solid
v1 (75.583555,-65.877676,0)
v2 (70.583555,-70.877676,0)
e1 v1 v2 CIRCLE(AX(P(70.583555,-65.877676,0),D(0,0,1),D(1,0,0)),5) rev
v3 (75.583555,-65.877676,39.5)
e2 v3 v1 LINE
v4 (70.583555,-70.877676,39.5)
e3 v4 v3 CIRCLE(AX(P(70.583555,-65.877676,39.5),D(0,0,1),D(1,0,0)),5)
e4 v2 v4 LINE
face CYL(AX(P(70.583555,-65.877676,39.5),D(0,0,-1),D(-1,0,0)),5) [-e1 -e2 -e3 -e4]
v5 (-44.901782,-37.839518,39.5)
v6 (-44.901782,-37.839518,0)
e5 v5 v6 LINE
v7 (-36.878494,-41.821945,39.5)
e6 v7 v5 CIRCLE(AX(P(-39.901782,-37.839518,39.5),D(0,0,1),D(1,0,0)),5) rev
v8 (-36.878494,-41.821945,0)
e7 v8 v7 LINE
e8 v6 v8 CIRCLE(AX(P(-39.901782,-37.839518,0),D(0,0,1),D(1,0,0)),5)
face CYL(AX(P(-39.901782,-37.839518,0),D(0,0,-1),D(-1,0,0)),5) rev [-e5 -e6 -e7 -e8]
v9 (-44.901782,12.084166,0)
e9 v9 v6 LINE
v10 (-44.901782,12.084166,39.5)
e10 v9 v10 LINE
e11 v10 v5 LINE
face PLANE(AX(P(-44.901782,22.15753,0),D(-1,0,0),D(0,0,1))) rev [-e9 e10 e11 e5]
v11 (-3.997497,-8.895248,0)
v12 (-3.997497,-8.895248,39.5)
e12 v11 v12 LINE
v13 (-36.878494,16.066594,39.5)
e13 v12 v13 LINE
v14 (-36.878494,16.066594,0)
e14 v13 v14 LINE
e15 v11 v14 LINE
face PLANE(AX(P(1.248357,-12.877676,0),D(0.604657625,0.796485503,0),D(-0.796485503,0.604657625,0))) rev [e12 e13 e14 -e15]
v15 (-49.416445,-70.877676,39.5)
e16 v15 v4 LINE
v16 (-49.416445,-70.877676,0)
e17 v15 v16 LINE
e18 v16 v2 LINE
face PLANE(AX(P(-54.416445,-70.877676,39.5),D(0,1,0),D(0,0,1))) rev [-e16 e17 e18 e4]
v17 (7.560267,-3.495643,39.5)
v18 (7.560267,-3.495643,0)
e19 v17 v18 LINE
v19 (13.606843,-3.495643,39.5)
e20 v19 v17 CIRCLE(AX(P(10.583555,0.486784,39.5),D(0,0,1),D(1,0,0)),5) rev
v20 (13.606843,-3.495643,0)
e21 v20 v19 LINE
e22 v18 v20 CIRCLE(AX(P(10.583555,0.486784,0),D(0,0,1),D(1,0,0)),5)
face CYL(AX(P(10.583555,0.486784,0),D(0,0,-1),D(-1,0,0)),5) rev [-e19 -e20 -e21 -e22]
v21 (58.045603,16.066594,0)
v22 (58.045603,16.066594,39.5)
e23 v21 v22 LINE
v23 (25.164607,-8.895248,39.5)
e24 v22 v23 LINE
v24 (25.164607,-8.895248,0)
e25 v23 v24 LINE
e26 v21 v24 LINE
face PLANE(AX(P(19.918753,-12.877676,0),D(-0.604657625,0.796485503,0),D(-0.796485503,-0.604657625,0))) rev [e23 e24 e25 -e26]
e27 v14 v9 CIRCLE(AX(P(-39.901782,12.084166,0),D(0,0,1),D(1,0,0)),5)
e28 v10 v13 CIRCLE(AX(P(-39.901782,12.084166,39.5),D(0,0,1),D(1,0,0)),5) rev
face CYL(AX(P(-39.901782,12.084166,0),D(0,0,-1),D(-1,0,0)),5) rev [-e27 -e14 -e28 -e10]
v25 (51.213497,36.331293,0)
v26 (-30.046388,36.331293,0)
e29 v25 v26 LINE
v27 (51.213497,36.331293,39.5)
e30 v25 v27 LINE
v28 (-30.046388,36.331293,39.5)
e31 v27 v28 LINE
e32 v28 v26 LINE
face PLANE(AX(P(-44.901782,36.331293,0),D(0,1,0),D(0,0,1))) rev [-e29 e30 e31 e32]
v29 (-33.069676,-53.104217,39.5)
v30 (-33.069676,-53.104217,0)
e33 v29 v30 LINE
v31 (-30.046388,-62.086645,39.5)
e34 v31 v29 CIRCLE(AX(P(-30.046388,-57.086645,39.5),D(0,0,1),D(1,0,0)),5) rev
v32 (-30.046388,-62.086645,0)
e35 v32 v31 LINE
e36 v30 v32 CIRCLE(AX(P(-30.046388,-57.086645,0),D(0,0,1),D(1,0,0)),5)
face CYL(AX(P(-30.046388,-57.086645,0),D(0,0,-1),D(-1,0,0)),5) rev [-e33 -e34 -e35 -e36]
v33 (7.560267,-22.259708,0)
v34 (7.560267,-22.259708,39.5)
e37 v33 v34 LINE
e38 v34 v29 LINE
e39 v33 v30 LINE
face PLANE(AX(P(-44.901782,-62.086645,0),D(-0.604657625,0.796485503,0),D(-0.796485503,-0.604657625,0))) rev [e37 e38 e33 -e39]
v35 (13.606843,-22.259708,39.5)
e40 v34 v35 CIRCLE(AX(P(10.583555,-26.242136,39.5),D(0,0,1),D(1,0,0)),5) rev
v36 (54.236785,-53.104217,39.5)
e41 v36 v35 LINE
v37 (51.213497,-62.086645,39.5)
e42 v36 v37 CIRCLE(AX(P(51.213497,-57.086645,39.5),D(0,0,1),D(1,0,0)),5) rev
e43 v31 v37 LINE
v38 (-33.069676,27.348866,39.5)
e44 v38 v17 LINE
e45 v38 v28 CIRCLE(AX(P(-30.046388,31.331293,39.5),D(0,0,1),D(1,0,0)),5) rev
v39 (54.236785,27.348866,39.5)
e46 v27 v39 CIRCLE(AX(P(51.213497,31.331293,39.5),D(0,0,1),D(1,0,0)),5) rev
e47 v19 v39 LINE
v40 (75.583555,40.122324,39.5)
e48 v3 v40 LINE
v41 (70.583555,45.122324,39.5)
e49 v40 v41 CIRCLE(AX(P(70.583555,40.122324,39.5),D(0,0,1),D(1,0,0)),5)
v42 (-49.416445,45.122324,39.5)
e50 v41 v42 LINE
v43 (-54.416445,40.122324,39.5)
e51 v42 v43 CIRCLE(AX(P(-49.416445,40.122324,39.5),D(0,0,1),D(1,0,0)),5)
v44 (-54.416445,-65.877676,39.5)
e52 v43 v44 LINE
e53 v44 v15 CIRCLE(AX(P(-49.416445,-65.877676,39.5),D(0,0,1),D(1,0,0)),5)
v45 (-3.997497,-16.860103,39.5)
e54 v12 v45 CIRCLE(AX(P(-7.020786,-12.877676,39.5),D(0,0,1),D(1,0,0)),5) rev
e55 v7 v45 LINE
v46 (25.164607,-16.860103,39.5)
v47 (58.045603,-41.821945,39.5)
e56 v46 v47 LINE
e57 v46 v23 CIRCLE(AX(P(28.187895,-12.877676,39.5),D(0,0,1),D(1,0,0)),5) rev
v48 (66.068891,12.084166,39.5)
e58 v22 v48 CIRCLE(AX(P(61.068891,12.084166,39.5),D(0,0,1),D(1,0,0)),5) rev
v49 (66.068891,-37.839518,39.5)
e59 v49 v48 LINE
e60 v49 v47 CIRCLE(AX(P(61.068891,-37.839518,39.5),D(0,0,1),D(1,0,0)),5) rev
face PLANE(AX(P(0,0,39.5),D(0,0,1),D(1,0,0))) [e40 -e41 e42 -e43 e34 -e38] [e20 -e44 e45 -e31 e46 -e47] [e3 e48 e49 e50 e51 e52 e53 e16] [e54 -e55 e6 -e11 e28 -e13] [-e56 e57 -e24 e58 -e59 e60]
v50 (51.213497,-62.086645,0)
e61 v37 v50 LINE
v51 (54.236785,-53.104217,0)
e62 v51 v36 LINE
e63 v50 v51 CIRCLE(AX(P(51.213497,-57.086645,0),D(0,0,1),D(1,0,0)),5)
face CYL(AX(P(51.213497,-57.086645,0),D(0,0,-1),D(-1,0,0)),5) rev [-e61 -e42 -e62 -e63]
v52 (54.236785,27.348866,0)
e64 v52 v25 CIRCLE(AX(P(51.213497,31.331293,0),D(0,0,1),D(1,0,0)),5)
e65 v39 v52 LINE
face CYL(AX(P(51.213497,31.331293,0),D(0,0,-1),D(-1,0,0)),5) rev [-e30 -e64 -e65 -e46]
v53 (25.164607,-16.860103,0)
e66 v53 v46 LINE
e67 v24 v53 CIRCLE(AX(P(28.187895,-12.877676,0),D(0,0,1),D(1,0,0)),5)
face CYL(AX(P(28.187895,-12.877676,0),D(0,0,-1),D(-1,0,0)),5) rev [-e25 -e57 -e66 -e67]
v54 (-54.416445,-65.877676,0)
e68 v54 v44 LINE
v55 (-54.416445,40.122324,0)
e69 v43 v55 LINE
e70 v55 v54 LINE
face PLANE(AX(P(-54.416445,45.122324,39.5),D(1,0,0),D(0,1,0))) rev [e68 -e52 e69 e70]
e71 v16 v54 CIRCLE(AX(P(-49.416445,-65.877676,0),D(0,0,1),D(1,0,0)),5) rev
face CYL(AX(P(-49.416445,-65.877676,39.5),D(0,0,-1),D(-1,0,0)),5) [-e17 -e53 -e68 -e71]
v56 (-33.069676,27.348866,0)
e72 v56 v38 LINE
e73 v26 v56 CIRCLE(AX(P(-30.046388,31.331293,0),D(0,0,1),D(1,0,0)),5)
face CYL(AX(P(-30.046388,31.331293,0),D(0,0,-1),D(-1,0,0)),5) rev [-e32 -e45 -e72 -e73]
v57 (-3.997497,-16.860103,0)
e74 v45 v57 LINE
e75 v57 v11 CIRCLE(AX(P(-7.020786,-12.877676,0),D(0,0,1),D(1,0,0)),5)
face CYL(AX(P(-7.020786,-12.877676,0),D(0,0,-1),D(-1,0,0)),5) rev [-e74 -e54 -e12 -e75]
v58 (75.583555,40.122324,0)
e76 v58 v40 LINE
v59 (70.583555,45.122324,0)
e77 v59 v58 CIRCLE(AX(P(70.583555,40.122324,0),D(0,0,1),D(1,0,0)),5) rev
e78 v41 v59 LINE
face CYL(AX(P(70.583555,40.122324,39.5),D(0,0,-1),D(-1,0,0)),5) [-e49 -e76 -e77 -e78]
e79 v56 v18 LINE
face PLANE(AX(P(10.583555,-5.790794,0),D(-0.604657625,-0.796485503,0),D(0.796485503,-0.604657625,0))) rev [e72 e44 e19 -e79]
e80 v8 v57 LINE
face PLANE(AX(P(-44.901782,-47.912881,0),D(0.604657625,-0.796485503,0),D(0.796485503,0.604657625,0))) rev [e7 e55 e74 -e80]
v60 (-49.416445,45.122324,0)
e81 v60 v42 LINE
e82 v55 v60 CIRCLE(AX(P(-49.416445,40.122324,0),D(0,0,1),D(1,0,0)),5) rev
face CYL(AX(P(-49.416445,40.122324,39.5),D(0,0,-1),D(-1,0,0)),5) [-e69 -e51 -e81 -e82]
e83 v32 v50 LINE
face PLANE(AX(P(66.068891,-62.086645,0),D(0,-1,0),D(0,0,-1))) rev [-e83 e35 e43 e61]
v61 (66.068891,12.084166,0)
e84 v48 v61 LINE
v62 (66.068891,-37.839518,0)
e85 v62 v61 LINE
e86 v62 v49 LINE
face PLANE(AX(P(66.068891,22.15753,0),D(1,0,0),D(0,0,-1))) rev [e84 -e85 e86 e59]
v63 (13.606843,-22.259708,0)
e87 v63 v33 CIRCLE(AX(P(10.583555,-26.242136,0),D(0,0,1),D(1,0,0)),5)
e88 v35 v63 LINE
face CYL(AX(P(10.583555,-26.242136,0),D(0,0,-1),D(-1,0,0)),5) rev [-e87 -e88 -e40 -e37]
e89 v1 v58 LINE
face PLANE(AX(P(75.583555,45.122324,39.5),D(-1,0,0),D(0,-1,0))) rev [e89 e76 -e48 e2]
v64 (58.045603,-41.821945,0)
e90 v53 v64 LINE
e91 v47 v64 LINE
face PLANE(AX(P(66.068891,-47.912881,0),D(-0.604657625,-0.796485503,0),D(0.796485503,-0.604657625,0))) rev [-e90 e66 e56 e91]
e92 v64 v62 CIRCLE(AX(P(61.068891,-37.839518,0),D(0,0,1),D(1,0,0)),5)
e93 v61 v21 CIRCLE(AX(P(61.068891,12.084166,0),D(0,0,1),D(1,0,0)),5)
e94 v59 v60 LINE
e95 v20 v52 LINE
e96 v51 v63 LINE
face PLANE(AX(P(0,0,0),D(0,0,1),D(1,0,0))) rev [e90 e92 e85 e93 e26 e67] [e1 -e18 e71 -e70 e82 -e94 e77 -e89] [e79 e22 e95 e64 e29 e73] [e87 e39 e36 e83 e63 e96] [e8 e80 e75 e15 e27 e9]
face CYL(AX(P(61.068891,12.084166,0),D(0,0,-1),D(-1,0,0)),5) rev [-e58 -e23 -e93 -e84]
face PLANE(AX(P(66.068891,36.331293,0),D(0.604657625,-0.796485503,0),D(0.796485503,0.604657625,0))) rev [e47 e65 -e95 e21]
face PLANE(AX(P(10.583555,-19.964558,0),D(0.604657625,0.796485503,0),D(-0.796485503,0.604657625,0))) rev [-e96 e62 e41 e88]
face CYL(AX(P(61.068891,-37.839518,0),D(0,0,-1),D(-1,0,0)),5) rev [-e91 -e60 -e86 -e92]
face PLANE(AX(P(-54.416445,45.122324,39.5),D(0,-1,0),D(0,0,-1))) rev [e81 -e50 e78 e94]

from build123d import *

# Parameters (mm, degrees)
CROQUIS1_W              = 130
CROQUIS1_H              = 116
SALIENTE_EXTRUIR1_DEPTH = 39.5
CORTAR_EXTRUIR1_DEPTH   = 39.5
REDONDEO1_R             = 5


with BuildPart() as part:
    # Croquis1 → Saliente-Extruir1 (new body)
    with BuildSketch(Plane.XY):
        with Locations((10.583554643, -12.877675841)):
            Rectangle(CROQUIS1_W, CROQUIS1_H)
    extrude(amount=SALIENTE_EXTRUIR1_DEPTH)

    # Croquis2 → Cortar-Extruir1 (cut)
    with BuildSketch(Plane.XY.offset(39.5)):
        Polygon((-44.901782094, 36.331293299), (66.068891381, 36.331293299), (10.583554643, -5.790794085), align=None)
        Polygon((-44.901782094, 22.157529787), (-44.901782094, -47.912881469), (1.248356768, -12.877675841), align=None)
        Polygon((19.918752519, -12.877675841), (66.068891381, 22.157529787), (66.068891381, -47.912881469), align=None)
        Polygon((-44.901782094, -62.086644981), (10.583554643, -19.964557597), (66.068891381, -62.086644981), align=None)
    extrude(amount=-CORTAR_EXTRUIR1_DEPTH, mode=Mode.SUBTRACT)

    # Redondeo1
    redondeo1_edges = [part.edges().sort_by_distance(p)[0] for p in [
        (10.583554643, -5.790794085, 19.75),
        (-44.901782094, 36.331293299, 19.75),
        (66.068891381, 36.331293299, 19.75),
        (-44.901782094, 22.157529787, 19.75),
        (1.248356768, -12.877675841, 19.75),
        (-44.901782094, -47.912881469, 19.75),
        (66.068891381, -47.912881469, 19.75),
        (19.918752519, -12.877675841, 19.75),
        (66.068891381, 22.157529787, 19.75),
        (66.068891381, -62.086644981, 19.75),
        (-44.901782094, -62.086644981, 19.75),
        (10.583554643, -19.964557597, 19.75),
        (-54.416445357, 45.122324159, 19.75),
        (75.583554643, 45.122324159, 19.75),
        (75.583554643, -70.877675841, 19.75),
        (-54.416445357, -70.877675841, 19.75),
    ]]
    fillet(redondeo1_edges, radius=REDONDEO1_R)


solid = part.part
